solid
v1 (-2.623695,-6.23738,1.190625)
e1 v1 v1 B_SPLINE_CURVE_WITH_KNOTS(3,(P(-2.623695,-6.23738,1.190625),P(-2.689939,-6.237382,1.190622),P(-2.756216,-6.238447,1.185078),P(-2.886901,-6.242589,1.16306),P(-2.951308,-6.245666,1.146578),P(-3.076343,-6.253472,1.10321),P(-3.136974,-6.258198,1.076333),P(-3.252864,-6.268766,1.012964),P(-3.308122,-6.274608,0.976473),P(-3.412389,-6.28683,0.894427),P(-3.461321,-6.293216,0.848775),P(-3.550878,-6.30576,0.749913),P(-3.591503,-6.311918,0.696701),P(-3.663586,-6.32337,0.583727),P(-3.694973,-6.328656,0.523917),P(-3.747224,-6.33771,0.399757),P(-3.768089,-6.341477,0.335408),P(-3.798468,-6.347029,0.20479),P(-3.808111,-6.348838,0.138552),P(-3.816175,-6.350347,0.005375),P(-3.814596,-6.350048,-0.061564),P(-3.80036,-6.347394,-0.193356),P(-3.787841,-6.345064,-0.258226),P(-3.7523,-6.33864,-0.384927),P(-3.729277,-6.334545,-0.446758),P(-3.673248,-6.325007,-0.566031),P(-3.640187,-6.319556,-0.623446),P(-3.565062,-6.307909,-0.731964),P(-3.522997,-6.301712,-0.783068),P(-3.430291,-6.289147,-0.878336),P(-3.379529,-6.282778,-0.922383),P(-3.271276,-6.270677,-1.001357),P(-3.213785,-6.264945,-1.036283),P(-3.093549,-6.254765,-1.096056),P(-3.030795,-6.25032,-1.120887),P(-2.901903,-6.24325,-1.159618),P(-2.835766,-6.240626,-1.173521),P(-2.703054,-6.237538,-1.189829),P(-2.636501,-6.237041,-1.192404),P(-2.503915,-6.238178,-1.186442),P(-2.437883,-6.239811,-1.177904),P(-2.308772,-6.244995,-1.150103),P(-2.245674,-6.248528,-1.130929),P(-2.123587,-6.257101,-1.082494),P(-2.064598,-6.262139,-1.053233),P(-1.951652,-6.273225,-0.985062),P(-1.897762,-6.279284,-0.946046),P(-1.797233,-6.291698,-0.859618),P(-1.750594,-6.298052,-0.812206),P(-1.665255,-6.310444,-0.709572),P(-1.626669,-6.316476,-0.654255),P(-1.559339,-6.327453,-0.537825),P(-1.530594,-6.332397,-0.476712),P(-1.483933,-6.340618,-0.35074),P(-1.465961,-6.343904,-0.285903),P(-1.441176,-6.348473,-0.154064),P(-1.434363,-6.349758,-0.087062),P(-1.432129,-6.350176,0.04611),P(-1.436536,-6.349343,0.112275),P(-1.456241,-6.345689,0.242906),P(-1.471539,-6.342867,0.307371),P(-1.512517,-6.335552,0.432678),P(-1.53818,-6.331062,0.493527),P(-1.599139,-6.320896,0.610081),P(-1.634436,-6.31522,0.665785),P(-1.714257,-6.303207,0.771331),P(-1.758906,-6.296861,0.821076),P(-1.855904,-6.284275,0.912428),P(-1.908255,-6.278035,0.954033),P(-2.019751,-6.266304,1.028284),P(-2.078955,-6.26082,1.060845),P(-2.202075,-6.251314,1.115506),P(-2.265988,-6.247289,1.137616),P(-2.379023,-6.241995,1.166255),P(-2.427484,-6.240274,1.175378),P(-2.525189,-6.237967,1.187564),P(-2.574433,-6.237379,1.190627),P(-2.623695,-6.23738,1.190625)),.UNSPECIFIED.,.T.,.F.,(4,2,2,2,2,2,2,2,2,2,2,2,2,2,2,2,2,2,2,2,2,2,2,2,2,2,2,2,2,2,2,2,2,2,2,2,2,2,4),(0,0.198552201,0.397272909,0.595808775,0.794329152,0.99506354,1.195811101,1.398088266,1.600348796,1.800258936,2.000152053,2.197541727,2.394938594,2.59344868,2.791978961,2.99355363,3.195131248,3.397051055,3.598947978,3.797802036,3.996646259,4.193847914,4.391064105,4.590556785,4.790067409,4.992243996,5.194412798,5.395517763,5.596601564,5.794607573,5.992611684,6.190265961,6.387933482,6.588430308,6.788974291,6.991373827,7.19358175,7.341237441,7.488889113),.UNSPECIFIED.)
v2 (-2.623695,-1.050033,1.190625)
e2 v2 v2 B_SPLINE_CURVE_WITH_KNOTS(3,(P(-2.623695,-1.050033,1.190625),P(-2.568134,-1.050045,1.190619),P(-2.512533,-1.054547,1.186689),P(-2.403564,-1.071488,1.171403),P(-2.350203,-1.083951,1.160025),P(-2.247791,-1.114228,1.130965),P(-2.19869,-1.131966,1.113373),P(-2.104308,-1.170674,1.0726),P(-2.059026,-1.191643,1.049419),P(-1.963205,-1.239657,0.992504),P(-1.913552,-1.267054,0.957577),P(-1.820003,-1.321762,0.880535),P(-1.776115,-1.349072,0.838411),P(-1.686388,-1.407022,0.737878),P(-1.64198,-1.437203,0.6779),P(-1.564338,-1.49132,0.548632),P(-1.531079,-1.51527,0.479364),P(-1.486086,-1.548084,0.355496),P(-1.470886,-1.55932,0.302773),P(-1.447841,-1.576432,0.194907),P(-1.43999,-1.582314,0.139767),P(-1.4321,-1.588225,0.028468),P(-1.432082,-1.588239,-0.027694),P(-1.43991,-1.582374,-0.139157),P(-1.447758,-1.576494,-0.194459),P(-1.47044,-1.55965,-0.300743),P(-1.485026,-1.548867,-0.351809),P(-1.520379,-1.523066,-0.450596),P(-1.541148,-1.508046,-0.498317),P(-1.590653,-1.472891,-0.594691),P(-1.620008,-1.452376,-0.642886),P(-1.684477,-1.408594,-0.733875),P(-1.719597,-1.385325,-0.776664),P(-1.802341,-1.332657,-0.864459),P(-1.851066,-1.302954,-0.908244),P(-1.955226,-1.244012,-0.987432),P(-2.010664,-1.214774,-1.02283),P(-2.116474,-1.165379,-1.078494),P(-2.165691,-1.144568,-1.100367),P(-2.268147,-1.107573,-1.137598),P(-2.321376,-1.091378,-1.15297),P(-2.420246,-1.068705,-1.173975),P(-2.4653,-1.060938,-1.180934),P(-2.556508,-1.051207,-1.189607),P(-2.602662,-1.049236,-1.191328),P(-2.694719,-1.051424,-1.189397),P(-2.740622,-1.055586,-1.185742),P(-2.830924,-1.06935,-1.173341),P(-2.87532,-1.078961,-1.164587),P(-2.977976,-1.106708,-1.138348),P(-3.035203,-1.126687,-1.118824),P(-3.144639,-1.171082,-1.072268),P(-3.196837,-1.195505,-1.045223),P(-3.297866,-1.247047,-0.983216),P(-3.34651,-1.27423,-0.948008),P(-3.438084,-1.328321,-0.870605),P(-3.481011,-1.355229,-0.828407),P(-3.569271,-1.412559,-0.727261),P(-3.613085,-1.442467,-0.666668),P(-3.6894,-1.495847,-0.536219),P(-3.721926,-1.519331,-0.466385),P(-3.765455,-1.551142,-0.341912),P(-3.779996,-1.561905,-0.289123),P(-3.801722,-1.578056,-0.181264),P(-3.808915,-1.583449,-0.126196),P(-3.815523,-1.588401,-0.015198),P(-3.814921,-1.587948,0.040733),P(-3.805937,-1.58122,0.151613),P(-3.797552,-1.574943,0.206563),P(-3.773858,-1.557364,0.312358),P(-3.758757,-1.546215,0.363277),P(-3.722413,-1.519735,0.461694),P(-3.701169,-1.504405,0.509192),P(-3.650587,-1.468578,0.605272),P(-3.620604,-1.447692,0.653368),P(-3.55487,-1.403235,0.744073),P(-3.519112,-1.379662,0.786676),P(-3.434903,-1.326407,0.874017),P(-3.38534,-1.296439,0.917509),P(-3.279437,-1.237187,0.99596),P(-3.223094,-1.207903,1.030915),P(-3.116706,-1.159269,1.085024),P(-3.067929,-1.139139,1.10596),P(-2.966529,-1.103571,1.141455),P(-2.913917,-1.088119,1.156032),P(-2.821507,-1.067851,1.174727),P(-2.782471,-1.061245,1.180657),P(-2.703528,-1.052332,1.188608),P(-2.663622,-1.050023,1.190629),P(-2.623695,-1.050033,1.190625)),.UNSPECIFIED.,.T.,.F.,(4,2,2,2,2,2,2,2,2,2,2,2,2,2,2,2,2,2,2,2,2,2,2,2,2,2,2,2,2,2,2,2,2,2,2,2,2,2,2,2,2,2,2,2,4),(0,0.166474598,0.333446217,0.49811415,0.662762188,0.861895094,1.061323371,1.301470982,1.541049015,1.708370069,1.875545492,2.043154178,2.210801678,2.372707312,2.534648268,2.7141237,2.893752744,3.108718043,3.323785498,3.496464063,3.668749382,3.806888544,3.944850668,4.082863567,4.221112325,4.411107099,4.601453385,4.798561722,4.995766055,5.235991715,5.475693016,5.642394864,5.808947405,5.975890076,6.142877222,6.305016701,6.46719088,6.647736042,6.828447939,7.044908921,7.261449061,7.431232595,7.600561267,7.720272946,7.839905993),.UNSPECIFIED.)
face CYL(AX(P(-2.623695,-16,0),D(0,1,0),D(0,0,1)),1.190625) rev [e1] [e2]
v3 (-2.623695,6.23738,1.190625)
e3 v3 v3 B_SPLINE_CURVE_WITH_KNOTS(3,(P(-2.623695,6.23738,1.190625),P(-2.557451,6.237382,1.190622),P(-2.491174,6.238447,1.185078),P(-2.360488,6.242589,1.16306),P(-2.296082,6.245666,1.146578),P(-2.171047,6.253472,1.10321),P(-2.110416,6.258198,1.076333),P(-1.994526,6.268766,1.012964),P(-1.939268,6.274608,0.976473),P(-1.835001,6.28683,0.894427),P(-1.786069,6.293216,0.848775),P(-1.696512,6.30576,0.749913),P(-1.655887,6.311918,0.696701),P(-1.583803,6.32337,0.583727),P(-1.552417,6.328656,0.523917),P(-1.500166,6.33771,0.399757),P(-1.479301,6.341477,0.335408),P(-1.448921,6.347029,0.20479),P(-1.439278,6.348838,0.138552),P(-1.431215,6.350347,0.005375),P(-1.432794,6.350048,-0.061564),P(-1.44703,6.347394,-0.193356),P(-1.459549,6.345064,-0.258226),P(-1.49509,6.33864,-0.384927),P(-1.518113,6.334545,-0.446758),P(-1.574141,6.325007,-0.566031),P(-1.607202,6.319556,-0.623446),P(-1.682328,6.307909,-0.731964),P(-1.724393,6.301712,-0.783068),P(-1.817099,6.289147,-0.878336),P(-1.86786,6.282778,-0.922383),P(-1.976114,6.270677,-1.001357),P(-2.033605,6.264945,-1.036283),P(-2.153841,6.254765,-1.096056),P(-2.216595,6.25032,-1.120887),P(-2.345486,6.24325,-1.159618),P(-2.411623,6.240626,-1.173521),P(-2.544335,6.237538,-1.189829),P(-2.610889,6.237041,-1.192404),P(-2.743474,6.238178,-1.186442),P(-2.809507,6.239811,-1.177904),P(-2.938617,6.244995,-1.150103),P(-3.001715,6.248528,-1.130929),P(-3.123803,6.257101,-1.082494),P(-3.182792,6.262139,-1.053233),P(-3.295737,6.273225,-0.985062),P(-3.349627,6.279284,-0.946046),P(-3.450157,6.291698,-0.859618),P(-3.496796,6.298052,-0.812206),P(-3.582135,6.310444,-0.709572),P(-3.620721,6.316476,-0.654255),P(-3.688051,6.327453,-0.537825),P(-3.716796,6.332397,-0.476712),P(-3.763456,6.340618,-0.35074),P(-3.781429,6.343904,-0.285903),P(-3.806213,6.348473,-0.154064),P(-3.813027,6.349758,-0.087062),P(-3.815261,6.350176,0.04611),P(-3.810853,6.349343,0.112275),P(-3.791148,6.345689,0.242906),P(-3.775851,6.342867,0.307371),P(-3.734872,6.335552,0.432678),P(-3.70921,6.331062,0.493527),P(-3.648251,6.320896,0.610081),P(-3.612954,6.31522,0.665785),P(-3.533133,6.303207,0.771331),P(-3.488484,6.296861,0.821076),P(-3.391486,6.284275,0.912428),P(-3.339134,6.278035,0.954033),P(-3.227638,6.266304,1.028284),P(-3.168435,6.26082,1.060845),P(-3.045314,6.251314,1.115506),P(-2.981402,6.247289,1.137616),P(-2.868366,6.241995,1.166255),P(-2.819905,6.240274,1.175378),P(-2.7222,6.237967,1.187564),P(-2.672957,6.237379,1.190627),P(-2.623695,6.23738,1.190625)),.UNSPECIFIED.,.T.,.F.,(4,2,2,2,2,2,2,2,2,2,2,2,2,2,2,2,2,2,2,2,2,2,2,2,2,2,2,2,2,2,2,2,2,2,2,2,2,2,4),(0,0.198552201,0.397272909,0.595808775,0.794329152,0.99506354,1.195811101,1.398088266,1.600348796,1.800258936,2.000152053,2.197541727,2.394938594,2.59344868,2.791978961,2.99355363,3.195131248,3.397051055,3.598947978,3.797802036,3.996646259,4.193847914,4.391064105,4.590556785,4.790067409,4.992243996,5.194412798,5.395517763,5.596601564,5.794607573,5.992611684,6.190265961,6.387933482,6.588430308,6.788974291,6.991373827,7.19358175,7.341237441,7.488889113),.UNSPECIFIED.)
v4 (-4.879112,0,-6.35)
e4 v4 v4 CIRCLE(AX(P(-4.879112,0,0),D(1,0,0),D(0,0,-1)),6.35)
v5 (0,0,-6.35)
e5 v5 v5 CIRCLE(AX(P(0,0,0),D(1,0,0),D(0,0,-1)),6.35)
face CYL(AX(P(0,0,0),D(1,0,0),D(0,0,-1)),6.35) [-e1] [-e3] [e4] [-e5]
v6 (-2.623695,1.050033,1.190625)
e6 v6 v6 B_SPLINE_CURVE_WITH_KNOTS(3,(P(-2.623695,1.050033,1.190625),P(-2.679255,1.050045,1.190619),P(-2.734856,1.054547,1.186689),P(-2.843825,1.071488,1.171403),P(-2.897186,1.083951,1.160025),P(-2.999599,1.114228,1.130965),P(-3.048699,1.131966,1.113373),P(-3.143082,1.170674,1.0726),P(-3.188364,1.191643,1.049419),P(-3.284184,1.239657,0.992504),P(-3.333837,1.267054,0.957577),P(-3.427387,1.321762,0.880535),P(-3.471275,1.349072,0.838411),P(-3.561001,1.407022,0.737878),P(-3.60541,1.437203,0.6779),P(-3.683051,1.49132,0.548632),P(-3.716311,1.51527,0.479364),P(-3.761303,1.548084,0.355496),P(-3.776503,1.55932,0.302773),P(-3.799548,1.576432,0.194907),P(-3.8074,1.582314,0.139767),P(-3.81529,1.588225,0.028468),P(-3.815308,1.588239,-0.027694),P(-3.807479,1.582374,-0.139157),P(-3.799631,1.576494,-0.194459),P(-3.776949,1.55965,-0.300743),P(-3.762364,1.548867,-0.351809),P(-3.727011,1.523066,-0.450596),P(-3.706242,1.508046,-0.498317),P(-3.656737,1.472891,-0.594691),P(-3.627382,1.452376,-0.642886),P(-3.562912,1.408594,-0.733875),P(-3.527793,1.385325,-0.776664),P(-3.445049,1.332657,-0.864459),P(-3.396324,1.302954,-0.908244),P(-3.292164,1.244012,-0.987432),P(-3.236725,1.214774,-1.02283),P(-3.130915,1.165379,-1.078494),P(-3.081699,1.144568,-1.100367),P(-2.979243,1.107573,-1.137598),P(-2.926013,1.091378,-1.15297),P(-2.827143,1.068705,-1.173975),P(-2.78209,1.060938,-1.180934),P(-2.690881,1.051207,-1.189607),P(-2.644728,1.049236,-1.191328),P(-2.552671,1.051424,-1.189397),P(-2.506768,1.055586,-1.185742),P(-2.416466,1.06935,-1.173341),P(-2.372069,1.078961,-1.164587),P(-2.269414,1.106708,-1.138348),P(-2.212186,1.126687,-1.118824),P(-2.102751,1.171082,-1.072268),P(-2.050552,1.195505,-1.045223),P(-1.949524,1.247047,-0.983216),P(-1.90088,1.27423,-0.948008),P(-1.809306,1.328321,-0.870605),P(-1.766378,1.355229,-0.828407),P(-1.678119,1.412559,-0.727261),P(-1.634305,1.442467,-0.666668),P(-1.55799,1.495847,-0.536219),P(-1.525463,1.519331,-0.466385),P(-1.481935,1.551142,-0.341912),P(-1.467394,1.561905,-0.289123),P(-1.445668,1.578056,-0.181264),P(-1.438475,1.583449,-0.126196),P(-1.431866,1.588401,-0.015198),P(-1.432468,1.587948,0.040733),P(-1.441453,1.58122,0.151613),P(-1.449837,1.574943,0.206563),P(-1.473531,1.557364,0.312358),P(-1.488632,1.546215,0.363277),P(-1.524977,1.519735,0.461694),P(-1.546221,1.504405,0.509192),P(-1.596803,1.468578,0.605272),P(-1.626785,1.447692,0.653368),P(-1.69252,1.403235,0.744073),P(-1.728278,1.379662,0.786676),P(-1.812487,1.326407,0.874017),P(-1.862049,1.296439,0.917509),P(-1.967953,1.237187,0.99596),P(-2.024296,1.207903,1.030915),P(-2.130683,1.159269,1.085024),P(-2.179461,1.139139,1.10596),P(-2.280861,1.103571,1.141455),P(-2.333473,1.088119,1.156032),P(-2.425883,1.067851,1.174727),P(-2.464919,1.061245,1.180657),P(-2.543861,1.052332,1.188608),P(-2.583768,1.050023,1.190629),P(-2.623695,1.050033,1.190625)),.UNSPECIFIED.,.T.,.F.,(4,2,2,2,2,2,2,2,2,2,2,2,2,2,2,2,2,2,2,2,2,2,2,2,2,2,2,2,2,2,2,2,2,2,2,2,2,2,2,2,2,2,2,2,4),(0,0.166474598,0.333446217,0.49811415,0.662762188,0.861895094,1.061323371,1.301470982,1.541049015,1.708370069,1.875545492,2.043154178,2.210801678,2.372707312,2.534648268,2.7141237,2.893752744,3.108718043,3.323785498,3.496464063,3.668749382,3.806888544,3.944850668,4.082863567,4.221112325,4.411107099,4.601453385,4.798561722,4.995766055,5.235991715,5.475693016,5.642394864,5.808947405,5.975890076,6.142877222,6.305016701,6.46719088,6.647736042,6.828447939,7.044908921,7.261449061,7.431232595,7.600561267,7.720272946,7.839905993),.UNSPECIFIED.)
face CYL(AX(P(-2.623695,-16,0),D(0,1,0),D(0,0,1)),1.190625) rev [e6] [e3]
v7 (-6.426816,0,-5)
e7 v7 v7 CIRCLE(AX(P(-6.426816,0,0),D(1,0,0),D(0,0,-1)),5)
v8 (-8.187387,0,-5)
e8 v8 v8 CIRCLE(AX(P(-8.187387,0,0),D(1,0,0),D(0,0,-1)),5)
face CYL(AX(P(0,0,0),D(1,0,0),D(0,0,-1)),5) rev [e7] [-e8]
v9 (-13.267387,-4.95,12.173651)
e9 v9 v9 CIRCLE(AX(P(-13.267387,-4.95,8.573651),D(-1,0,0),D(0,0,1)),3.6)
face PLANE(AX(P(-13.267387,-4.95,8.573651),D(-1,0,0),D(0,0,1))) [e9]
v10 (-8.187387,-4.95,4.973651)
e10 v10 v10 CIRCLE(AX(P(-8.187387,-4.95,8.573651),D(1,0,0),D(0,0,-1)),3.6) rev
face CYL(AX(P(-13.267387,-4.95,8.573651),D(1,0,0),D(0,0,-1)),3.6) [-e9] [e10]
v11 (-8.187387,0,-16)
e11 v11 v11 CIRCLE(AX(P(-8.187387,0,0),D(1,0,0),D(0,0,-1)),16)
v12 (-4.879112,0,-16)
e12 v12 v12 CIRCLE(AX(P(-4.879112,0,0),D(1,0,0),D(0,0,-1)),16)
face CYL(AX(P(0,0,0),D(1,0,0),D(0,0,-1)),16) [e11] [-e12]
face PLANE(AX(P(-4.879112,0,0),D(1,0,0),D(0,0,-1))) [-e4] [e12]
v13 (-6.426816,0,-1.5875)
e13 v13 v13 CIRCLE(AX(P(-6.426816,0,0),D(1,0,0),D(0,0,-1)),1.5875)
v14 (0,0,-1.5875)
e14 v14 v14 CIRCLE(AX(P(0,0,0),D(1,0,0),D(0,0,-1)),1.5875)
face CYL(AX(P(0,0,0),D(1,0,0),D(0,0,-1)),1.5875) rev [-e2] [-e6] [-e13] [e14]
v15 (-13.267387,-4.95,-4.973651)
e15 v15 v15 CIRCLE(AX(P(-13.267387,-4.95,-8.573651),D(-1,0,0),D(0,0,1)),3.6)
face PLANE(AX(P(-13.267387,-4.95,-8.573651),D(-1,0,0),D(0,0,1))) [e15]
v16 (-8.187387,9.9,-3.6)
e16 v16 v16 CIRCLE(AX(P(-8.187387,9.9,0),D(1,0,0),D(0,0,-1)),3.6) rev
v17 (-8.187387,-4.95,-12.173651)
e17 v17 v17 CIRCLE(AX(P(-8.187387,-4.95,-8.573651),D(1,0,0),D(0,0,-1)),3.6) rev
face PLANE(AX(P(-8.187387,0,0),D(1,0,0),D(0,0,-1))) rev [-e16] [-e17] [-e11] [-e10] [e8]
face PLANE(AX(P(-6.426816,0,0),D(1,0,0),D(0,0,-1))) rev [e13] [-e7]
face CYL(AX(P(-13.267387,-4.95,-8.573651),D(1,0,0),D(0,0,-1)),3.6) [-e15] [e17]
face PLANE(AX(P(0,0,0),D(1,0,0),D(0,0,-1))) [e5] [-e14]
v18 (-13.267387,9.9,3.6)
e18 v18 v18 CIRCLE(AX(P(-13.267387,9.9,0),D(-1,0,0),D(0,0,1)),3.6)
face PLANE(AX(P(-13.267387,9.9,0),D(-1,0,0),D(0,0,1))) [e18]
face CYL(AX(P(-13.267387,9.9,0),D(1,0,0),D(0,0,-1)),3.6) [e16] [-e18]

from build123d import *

# Parameters (mm, degrees)
SKETCH2_R               = 3.6
BOSS_EXTRUDE1_DEPTH     = 5.08
CUT_EXTRUDE1_DEPTH      = 27.23020328
CUT_EXTRUDE1_DEPTH_BACK = 27.23020328
SKETCH3_R               = 1.190625


with BuildPart() as part:
    # Sketch1 → Revolve1 (revolve)
    with BuildSketch(Plane.XY):
        Polygon((0, 1.5875), (0, 6.35), (-4.87911158, 6.35), (-4.87911158, 16), (-8.187387237, 16), (-8.187387237, 5), (-6.426815736, 5), (-6.426815736, 1.5875), align=None)
    revolve(axis=Axis((0, 0, 0), (-1, 0, 0)))

    # Sketch2 → Boss-Extrude1 (add)
    with BuildSketch(Plane.ZY.offset(8.187387237)):
        with Locations((0, 9.9)):
            Circle(SKETCH2_R)
        with Locations((8.573651497, -4.95)):
            Circle(SKETCH2_R)
        with Locations((-8.573651497, -4.95)):
            Circle(SKETCH2_R)
    extrude(amount=BOSS_EXTRUDE1_DEPTH)

    # Sketch3 → Cut-Extrude1 (cut, two sides: drawn at the far end of the back side and taken through both)
    with BuildSketch(Plane(origin=(0, 0, 0), x_dir=(1, 0, 0), z_dir=(0, 1, 0)).offset(-CUT_EXTRUDE1_DEPTH_BACK)):
        with Locations((-2.623694819, 0)):
            Circle(SKETCH3_R)
    extrude(amount=CUT_EXTRUDE1_DEPTH + CUT_EXTRUDE1_DEPTH_BACK, mode=Mode.SUBTRACT)


solid = part.part
